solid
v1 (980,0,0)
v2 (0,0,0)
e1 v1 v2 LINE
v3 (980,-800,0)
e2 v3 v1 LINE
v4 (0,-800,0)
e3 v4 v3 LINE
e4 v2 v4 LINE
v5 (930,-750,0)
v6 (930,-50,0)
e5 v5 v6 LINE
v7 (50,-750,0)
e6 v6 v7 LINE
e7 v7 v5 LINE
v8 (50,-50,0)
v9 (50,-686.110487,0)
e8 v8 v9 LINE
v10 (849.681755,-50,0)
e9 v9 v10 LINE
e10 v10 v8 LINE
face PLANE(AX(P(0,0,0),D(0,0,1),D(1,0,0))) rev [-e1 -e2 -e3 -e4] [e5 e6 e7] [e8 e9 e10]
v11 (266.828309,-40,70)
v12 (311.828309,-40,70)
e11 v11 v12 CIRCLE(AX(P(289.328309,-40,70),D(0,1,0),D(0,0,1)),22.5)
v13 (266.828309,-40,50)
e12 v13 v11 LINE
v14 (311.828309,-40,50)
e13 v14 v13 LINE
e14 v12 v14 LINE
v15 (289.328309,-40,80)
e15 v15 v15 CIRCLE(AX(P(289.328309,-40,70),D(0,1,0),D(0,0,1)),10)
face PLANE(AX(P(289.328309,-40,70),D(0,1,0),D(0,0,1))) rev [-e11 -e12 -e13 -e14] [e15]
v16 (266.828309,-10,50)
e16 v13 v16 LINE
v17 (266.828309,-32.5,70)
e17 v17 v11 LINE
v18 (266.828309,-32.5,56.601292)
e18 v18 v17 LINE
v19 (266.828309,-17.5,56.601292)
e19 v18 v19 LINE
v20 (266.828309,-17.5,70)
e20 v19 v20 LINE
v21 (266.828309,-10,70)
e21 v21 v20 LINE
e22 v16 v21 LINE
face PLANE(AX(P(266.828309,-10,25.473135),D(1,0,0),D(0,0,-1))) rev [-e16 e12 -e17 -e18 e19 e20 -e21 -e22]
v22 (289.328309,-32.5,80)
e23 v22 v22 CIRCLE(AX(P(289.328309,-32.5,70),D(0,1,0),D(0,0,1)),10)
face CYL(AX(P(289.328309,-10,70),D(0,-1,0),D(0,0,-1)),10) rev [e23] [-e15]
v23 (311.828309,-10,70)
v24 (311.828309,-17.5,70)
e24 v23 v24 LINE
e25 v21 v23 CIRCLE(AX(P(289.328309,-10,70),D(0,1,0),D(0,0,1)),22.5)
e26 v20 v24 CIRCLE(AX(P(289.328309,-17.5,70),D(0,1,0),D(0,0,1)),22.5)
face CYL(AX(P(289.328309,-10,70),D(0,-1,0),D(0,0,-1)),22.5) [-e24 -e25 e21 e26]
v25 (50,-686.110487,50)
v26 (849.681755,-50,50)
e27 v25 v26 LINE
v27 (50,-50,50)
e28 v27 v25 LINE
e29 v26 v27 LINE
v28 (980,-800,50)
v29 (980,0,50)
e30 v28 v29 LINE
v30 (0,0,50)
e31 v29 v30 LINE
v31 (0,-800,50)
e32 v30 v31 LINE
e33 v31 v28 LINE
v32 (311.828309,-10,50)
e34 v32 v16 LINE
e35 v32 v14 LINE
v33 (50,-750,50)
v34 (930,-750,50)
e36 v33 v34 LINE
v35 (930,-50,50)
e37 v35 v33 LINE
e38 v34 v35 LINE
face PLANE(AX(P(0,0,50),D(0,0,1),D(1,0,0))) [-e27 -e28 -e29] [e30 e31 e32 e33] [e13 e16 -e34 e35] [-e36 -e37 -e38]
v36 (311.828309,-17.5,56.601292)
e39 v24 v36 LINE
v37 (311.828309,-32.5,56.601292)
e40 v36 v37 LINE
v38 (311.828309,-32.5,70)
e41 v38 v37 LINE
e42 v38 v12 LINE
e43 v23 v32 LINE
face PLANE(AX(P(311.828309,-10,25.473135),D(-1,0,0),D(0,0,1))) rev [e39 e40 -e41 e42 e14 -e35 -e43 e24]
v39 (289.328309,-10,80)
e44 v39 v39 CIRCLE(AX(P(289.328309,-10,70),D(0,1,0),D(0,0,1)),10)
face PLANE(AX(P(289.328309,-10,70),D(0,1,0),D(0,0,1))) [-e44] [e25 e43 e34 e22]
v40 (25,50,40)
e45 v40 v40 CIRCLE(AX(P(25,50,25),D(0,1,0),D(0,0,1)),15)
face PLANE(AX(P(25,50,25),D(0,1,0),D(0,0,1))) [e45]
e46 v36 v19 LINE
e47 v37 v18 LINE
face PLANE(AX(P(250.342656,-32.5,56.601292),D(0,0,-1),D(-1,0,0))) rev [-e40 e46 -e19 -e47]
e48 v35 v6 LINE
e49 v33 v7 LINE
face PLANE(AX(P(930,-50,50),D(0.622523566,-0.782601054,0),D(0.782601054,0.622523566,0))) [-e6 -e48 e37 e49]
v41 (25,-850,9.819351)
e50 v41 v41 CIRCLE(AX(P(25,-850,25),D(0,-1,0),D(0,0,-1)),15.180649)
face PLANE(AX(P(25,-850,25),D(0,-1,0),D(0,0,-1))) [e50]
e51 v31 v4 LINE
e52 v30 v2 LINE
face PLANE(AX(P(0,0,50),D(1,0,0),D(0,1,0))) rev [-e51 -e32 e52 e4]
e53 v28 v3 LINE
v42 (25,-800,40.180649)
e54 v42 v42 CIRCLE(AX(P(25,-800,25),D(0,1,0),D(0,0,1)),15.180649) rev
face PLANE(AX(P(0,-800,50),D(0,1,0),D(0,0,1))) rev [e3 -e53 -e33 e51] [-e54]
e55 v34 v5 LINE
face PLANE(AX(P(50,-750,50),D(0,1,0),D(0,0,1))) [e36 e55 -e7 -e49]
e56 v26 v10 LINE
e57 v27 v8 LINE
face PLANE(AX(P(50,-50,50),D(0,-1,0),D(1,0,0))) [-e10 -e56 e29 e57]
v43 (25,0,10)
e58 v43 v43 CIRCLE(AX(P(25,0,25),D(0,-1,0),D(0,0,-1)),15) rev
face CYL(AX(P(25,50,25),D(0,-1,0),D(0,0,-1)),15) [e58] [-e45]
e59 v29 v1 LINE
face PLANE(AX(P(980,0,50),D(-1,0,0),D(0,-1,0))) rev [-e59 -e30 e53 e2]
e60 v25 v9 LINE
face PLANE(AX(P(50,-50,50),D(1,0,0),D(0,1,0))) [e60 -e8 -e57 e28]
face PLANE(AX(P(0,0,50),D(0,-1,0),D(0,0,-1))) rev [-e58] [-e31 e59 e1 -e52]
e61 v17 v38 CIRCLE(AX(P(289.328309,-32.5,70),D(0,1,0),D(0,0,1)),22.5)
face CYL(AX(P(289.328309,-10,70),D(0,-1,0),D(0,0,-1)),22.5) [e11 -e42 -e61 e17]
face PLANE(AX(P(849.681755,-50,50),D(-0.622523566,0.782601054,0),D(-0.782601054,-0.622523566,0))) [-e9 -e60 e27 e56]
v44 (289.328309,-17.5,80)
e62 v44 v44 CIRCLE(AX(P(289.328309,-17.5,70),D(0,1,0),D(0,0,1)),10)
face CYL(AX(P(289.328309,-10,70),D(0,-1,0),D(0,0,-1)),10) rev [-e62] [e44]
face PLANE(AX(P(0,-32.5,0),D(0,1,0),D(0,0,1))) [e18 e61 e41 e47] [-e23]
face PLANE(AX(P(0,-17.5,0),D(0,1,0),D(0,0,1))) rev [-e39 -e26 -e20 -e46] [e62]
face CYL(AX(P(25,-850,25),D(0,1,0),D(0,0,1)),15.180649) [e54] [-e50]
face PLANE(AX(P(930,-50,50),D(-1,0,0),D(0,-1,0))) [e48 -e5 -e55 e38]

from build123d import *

# Parameters (mm, degrees)
ESQUISSE1_W             = 980
ESQUISSE1_H             = 800
BOSS_EXTRU_1_DEPTH      = 50
ESQUISSE2_R             = 15
BOSS_EXTRU_2_DEPTH      = 50
ESQUISSE3_R             = 15.180649449
BOSS_EXTRU_3_DEPTH      = 50
ESQUISSE4_R             = 10
BOSS_EXTRU_4_DEPTH      = 15
ESQUISSE5_W             = 76.670865877
ESQUISSE5_H             = 55.476162872
ENL_V_MAT_EXTRU_1_DEPTH = 7.5


with BuildPart() as part:
    # Esquisse1 → Boss.-Extru.1 (new body)
    with BuildSketch(Plane.XY):
        with Locations((490, -400)):
            Rectangle(ESQUISSE1_W, ESQUISSE1_H)
        Polygon((50, -50), (849.681755446, -50), (50, -686.110487287), align=None, mode=Mode.SUBTRACT)
        Polygon((930, -50), (930, -750), (50, -750), align=None, mode=Mode.SUBTRACT)
    extrude(amount=BOSS_EXTRU_1_DEPTH)

    # Esquisse2 → Boss.-Extru.2 (add)
    with BuildSketch(Plane(origin=(0, 0, 0), x_dir=(1, 0, 0), z_dir=(0, 1, 0))):
        with Locations(Location((25, -25, 0), (0, 0, 90))):
            Circle(ESQUISSE2_R)
    extrude(amount=BOSS_EXTRU_2_DEPTH)

    # Esquisse3 → Boss.-Extru.3 (add)
    with BuildSketch(Plane.XZ.offset(800)):
        with Locations(Location((25, 25, 0), (0, 0, 90))):
            Circle(ESQUISSE3_R)
    extrude(amount=BOSS_EXTRU_3_DEPTH)

    # Esquisse4 → Boss.-Extru.4 (add, symmetric)
    with BuildSketch(Plane(origin=(0, -25, 0), x_dir=(1, 0, 0), z_dir=(0, 1, 0))):
        with BuildLine():
            Line((311.828309325, -25.473135395), (266.828309325, -25.473135395))
            Line((266.828309325, -25.473135395), (266.828309325, -70))
            ThreePointArc((266.828309325, -70), (289.328309325, -92.5), (311.828309325, -70))
            Line((311.828309325, -70), (311.828309325, -25.473135395))
        make_face()
        with Locations(Location((289.328309325, -70, 0), (0, 0, 270))):
            Circle(ESQUISSE4_R, mode=Mode.SUBTRACT)
    extrude(amount=BOSS_EXTRU_4_DEPTH, both=True)

    # Esquisse5 → Enlèv. mat.-Extru.1 (cut, symmetric)
    with BuildSketch(Plane(origin=(0, -25, 0), x_dir=(1, 0, 0), z_dir=(0, 1, 0))):
        with Locations((288.67808852, -84.339373114)):
            Rectangle(ESQUISSE5_W, ESQUISSE5_H)
    extrude(amount=ENL_V_MAT_EXTRU_1_DEPTH, both=True, mode=Mode.SUBTRACT)


solid = part.part
